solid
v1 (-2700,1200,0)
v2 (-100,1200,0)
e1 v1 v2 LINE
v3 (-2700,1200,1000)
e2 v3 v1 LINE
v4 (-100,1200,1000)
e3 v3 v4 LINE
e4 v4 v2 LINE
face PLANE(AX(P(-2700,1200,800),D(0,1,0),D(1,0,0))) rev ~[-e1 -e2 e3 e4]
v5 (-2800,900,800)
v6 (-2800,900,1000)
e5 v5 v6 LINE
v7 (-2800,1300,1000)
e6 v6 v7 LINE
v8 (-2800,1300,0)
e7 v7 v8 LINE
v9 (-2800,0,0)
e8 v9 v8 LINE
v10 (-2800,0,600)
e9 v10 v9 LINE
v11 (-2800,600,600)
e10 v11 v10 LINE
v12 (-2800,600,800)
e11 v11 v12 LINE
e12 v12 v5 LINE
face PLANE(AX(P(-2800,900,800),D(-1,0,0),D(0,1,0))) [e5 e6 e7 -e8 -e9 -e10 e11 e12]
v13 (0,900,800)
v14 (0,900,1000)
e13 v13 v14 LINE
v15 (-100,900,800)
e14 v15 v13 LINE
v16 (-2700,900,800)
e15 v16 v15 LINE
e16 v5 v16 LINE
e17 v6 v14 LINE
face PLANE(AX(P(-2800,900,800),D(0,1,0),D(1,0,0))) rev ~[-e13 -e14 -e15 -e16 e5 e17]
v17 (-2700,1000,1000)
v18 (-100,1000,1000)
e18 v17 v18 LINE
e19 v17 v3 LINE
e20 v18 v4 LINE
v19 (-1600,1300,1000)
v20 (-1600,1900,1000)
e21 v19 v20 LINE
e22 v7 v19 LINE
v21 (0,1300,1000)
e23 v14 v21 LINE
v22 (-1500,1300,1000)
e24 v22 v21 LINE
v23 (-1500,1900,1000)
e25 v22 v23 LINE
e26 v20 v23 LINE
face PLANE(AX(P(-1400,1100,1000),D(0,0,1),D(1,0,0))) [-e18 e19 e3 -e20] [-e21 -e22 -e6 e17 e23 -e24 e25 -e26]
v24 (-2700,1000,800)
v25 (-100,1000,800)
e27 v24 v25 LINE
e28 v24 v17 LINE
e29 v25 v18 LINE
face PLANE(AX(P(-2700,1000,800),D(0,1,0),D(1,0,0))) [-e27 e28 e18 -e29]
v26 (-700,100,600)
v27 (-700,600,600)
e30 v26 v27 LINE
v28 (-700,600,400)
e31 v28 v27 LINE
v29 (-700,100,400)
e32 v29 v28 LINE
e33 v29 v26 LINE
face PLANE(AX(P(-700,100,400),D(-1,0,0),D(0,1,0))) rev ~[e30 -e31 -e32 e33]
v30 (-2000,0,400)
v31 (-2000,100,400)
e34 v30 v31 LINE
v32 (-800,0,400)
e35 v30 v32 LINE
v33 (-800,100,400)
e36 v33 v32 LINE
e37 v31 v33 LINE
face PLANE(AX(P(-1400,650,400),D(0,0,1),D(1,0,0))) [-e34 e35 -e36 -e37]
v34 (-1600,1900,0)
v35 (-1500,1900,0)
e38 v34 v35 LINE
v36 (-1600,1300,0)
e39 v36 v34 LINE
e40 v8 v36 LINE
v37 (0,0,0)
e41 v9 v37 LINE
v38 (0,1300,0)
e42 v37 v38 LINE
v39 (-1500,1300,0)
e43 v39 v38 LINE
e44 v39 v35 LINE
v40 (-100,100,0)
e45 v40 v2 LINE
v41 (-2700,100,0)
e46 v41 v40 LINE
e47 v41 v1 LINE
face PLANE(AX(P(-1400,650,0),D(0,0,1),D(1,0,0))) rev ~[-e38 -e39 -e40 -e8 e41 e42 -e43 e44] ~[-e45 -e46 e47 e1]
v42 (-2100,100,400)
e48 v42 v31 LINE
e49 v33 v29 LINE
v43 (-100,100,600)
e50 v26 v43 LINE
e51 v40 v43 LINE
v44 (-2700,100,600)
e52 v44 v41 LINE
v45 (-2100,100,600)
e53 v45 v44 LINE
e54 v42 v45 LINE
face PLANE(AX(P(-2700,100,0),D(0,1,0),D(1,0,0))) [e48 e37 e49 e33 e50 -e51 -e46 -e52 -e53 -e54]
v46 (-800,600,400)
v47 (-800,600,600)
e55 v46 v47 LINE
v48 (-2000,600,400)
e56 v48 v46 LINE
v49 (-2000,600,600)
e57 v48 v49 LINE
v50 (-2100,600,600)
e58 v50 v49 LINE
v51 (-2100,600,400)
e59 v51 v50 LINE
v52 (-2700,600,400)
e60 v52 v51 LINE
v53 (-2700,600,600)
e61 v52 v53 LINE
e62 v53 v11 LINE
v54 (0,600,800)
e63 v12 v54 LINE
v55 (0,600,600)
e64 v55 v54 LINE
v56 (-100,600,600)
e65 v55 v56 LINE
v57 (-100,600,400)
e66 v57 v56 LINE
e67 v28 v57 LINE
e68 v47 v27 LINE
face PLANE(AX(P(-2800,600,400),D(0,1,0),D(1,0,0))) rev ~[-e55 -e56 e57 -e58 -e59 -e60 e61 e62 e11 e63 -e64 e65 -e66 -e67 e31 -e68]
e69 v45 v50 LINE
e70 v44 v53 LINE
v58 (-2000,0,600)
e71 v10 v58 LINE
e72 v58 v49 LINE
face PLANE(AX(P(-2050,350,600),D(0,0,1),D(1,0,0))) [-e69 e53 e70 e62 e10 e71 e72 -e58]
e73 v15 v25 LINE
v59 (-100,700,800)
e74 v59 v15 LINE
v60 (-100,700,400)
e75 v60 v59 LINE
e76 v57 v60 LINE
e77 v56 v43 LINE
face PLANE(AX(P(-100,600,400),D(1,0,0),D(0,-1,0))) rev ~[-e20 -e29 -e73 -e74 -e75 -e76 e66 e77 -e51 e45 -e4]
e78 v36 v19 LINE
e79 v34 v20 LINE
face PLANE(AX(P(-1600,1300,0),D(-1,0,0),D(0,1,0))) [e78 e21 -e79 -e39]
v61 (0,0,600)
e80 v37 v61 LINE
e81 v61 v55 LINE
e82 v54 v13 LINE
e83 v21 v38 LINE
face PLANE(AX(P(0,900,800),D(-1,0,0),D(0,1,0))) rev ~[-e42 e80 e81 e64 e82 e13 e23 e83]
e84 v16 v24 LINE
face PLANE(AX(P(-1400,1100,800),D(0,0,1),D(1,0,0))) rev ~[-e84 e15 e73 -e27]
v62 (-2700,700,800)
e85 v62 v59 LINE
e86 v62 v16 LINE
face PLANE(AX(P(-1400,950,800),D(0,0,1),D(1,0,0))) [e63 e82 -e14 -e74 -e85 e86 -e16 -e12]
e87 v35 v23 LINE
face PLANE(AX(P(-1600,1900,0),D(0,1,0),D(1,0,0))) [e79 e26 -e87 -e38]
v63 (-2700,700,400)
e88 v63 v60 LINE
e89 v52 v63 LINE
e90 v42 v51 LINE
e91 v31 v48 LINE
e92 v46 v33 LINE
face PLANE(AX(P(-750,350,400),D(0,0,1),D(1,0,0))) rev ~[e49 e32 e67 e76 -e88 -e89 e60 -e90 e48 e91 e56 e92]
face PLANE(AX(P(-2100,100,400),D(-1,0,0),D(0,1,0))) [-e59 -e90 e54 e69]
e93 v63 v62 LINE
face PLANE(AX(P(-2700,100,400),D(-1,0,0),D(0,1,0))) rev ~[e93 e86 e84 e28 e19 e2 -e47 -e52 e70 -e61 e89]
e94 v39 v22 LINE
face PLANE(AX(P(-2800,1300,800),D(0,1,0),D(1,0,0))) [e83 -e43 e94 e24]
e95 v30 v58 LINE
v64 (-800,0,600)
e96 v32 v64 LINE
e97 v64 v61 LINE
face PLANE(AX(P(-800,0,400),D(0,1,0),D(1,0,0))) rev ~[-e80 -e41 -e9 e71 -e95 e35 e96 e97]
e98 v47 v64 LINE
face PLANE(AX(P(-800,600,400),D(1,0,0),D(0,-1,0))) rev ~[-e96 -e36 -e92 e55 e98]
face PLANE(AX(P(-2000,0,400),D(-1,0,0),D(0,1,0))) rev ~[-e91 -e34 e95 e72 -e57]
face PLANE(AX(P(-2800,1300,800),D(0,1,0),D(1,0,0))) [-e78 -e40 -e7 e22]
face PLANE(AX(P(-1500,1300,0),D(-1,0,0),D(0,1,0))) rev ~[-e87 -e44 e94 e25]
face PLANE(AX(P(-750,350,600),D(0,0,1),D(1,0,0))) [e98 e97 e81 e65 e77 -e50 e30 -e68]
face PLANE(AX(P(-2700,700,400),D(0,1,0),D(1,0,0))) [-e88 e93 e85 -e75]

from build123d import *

# Parameters (mm, degrees)
F0_W     = 2800
F0_H     = 1300
F0_W_2   = 2600
F0_H_2   = 1100
F1_DEPTH = 400
F2_W     = 2800
F2_H     = 700
F2_W_2   = 2600
F2_H_2   = 500
F3_DEPTH = 400
F4_W     = 2800
F4_H     = 400
F4_W_2   = 2600
F4_H_2   = 200
F5_DEPTH = 200
F6_W     = 100
F6_H     = 600
F7_DEPTH = 1000
F8_W     = 100
F8_H     = 500
F8_H_2   = 100
F8_W_2   = 600
F9_DEPTH = 200


with BuildPart() as f1:
    # F0 (on Top) → F1 (new body)
    with BuildSketch(Plane.XY):
        with Locations((-1400, 650)):
            Rectangle(F0_W, F0_H)
        with Locations((-1400, 650)):
            Rectangle(F0_W_2, F0_H_2, mode=Mode.SUBTRACT)
    extrude(amount=F1_DEPTH)

    # F2 (on face) → F3 (join)
    with BuildSketch(Plane.XY.offset(400)):
        with Locations((-1400, 950)):
            Rectangle(F2_W, F2_H)
        with Locations((-1400, 950)):
            Rectangle(F2_W_2, F2_H_2, mode=Mode.SUBTRACT)
    extrude(amount=F3_DEPTH)

    # F4 (on face) → F5 (join)
    with BuildSketch(Plane.XY.offset(800)):
        with Locations((-1400, 1100)):
            Rectangle(F4_W, F4_H)
        with Locations((-1400, 1100)):
            Rectangle(F4_W_2, F4_H_2, mode=Mode.SUBTRACT)
    extrude(amount=F5_DEPTH)

    # F6 (on Top) → F7 (join)
    with BuildSketch(Plane.XY):
        with Locations((-1550, 1600)):
            Rectangle(F6_W, F6_H)
    extrude(amount=F7_DEPTH)

    # F8 (on face) → F9 (join)
    with BuildSketch(Plane.XY.offset(400)):
        with Locations((-750, 350)):
            Rectangle(F8_W, F8_H)
        with Locations((-750, 50)):
            Rectangle(F8_W, F8_H_2)
        with Locations((-400, 50)):
            Rectangle(F8_W_2, F8_H_2)
        Polygon((-100, 100), (-100, 0), (0, 0), (0, 500), (0, 600), (-100, 600), align=None)
        with Locations((-2050, 350)):
            Rectangle(F8_W, F8_H)
        Polygon((-2800, 600), (-2800, 0), (-2000, 0), (-2000, 100), (-2100, 100), (-2700, 100), (-2700, 600), align=None)
    extrude(amount=F9_DEPTH)


solid = f1.part
